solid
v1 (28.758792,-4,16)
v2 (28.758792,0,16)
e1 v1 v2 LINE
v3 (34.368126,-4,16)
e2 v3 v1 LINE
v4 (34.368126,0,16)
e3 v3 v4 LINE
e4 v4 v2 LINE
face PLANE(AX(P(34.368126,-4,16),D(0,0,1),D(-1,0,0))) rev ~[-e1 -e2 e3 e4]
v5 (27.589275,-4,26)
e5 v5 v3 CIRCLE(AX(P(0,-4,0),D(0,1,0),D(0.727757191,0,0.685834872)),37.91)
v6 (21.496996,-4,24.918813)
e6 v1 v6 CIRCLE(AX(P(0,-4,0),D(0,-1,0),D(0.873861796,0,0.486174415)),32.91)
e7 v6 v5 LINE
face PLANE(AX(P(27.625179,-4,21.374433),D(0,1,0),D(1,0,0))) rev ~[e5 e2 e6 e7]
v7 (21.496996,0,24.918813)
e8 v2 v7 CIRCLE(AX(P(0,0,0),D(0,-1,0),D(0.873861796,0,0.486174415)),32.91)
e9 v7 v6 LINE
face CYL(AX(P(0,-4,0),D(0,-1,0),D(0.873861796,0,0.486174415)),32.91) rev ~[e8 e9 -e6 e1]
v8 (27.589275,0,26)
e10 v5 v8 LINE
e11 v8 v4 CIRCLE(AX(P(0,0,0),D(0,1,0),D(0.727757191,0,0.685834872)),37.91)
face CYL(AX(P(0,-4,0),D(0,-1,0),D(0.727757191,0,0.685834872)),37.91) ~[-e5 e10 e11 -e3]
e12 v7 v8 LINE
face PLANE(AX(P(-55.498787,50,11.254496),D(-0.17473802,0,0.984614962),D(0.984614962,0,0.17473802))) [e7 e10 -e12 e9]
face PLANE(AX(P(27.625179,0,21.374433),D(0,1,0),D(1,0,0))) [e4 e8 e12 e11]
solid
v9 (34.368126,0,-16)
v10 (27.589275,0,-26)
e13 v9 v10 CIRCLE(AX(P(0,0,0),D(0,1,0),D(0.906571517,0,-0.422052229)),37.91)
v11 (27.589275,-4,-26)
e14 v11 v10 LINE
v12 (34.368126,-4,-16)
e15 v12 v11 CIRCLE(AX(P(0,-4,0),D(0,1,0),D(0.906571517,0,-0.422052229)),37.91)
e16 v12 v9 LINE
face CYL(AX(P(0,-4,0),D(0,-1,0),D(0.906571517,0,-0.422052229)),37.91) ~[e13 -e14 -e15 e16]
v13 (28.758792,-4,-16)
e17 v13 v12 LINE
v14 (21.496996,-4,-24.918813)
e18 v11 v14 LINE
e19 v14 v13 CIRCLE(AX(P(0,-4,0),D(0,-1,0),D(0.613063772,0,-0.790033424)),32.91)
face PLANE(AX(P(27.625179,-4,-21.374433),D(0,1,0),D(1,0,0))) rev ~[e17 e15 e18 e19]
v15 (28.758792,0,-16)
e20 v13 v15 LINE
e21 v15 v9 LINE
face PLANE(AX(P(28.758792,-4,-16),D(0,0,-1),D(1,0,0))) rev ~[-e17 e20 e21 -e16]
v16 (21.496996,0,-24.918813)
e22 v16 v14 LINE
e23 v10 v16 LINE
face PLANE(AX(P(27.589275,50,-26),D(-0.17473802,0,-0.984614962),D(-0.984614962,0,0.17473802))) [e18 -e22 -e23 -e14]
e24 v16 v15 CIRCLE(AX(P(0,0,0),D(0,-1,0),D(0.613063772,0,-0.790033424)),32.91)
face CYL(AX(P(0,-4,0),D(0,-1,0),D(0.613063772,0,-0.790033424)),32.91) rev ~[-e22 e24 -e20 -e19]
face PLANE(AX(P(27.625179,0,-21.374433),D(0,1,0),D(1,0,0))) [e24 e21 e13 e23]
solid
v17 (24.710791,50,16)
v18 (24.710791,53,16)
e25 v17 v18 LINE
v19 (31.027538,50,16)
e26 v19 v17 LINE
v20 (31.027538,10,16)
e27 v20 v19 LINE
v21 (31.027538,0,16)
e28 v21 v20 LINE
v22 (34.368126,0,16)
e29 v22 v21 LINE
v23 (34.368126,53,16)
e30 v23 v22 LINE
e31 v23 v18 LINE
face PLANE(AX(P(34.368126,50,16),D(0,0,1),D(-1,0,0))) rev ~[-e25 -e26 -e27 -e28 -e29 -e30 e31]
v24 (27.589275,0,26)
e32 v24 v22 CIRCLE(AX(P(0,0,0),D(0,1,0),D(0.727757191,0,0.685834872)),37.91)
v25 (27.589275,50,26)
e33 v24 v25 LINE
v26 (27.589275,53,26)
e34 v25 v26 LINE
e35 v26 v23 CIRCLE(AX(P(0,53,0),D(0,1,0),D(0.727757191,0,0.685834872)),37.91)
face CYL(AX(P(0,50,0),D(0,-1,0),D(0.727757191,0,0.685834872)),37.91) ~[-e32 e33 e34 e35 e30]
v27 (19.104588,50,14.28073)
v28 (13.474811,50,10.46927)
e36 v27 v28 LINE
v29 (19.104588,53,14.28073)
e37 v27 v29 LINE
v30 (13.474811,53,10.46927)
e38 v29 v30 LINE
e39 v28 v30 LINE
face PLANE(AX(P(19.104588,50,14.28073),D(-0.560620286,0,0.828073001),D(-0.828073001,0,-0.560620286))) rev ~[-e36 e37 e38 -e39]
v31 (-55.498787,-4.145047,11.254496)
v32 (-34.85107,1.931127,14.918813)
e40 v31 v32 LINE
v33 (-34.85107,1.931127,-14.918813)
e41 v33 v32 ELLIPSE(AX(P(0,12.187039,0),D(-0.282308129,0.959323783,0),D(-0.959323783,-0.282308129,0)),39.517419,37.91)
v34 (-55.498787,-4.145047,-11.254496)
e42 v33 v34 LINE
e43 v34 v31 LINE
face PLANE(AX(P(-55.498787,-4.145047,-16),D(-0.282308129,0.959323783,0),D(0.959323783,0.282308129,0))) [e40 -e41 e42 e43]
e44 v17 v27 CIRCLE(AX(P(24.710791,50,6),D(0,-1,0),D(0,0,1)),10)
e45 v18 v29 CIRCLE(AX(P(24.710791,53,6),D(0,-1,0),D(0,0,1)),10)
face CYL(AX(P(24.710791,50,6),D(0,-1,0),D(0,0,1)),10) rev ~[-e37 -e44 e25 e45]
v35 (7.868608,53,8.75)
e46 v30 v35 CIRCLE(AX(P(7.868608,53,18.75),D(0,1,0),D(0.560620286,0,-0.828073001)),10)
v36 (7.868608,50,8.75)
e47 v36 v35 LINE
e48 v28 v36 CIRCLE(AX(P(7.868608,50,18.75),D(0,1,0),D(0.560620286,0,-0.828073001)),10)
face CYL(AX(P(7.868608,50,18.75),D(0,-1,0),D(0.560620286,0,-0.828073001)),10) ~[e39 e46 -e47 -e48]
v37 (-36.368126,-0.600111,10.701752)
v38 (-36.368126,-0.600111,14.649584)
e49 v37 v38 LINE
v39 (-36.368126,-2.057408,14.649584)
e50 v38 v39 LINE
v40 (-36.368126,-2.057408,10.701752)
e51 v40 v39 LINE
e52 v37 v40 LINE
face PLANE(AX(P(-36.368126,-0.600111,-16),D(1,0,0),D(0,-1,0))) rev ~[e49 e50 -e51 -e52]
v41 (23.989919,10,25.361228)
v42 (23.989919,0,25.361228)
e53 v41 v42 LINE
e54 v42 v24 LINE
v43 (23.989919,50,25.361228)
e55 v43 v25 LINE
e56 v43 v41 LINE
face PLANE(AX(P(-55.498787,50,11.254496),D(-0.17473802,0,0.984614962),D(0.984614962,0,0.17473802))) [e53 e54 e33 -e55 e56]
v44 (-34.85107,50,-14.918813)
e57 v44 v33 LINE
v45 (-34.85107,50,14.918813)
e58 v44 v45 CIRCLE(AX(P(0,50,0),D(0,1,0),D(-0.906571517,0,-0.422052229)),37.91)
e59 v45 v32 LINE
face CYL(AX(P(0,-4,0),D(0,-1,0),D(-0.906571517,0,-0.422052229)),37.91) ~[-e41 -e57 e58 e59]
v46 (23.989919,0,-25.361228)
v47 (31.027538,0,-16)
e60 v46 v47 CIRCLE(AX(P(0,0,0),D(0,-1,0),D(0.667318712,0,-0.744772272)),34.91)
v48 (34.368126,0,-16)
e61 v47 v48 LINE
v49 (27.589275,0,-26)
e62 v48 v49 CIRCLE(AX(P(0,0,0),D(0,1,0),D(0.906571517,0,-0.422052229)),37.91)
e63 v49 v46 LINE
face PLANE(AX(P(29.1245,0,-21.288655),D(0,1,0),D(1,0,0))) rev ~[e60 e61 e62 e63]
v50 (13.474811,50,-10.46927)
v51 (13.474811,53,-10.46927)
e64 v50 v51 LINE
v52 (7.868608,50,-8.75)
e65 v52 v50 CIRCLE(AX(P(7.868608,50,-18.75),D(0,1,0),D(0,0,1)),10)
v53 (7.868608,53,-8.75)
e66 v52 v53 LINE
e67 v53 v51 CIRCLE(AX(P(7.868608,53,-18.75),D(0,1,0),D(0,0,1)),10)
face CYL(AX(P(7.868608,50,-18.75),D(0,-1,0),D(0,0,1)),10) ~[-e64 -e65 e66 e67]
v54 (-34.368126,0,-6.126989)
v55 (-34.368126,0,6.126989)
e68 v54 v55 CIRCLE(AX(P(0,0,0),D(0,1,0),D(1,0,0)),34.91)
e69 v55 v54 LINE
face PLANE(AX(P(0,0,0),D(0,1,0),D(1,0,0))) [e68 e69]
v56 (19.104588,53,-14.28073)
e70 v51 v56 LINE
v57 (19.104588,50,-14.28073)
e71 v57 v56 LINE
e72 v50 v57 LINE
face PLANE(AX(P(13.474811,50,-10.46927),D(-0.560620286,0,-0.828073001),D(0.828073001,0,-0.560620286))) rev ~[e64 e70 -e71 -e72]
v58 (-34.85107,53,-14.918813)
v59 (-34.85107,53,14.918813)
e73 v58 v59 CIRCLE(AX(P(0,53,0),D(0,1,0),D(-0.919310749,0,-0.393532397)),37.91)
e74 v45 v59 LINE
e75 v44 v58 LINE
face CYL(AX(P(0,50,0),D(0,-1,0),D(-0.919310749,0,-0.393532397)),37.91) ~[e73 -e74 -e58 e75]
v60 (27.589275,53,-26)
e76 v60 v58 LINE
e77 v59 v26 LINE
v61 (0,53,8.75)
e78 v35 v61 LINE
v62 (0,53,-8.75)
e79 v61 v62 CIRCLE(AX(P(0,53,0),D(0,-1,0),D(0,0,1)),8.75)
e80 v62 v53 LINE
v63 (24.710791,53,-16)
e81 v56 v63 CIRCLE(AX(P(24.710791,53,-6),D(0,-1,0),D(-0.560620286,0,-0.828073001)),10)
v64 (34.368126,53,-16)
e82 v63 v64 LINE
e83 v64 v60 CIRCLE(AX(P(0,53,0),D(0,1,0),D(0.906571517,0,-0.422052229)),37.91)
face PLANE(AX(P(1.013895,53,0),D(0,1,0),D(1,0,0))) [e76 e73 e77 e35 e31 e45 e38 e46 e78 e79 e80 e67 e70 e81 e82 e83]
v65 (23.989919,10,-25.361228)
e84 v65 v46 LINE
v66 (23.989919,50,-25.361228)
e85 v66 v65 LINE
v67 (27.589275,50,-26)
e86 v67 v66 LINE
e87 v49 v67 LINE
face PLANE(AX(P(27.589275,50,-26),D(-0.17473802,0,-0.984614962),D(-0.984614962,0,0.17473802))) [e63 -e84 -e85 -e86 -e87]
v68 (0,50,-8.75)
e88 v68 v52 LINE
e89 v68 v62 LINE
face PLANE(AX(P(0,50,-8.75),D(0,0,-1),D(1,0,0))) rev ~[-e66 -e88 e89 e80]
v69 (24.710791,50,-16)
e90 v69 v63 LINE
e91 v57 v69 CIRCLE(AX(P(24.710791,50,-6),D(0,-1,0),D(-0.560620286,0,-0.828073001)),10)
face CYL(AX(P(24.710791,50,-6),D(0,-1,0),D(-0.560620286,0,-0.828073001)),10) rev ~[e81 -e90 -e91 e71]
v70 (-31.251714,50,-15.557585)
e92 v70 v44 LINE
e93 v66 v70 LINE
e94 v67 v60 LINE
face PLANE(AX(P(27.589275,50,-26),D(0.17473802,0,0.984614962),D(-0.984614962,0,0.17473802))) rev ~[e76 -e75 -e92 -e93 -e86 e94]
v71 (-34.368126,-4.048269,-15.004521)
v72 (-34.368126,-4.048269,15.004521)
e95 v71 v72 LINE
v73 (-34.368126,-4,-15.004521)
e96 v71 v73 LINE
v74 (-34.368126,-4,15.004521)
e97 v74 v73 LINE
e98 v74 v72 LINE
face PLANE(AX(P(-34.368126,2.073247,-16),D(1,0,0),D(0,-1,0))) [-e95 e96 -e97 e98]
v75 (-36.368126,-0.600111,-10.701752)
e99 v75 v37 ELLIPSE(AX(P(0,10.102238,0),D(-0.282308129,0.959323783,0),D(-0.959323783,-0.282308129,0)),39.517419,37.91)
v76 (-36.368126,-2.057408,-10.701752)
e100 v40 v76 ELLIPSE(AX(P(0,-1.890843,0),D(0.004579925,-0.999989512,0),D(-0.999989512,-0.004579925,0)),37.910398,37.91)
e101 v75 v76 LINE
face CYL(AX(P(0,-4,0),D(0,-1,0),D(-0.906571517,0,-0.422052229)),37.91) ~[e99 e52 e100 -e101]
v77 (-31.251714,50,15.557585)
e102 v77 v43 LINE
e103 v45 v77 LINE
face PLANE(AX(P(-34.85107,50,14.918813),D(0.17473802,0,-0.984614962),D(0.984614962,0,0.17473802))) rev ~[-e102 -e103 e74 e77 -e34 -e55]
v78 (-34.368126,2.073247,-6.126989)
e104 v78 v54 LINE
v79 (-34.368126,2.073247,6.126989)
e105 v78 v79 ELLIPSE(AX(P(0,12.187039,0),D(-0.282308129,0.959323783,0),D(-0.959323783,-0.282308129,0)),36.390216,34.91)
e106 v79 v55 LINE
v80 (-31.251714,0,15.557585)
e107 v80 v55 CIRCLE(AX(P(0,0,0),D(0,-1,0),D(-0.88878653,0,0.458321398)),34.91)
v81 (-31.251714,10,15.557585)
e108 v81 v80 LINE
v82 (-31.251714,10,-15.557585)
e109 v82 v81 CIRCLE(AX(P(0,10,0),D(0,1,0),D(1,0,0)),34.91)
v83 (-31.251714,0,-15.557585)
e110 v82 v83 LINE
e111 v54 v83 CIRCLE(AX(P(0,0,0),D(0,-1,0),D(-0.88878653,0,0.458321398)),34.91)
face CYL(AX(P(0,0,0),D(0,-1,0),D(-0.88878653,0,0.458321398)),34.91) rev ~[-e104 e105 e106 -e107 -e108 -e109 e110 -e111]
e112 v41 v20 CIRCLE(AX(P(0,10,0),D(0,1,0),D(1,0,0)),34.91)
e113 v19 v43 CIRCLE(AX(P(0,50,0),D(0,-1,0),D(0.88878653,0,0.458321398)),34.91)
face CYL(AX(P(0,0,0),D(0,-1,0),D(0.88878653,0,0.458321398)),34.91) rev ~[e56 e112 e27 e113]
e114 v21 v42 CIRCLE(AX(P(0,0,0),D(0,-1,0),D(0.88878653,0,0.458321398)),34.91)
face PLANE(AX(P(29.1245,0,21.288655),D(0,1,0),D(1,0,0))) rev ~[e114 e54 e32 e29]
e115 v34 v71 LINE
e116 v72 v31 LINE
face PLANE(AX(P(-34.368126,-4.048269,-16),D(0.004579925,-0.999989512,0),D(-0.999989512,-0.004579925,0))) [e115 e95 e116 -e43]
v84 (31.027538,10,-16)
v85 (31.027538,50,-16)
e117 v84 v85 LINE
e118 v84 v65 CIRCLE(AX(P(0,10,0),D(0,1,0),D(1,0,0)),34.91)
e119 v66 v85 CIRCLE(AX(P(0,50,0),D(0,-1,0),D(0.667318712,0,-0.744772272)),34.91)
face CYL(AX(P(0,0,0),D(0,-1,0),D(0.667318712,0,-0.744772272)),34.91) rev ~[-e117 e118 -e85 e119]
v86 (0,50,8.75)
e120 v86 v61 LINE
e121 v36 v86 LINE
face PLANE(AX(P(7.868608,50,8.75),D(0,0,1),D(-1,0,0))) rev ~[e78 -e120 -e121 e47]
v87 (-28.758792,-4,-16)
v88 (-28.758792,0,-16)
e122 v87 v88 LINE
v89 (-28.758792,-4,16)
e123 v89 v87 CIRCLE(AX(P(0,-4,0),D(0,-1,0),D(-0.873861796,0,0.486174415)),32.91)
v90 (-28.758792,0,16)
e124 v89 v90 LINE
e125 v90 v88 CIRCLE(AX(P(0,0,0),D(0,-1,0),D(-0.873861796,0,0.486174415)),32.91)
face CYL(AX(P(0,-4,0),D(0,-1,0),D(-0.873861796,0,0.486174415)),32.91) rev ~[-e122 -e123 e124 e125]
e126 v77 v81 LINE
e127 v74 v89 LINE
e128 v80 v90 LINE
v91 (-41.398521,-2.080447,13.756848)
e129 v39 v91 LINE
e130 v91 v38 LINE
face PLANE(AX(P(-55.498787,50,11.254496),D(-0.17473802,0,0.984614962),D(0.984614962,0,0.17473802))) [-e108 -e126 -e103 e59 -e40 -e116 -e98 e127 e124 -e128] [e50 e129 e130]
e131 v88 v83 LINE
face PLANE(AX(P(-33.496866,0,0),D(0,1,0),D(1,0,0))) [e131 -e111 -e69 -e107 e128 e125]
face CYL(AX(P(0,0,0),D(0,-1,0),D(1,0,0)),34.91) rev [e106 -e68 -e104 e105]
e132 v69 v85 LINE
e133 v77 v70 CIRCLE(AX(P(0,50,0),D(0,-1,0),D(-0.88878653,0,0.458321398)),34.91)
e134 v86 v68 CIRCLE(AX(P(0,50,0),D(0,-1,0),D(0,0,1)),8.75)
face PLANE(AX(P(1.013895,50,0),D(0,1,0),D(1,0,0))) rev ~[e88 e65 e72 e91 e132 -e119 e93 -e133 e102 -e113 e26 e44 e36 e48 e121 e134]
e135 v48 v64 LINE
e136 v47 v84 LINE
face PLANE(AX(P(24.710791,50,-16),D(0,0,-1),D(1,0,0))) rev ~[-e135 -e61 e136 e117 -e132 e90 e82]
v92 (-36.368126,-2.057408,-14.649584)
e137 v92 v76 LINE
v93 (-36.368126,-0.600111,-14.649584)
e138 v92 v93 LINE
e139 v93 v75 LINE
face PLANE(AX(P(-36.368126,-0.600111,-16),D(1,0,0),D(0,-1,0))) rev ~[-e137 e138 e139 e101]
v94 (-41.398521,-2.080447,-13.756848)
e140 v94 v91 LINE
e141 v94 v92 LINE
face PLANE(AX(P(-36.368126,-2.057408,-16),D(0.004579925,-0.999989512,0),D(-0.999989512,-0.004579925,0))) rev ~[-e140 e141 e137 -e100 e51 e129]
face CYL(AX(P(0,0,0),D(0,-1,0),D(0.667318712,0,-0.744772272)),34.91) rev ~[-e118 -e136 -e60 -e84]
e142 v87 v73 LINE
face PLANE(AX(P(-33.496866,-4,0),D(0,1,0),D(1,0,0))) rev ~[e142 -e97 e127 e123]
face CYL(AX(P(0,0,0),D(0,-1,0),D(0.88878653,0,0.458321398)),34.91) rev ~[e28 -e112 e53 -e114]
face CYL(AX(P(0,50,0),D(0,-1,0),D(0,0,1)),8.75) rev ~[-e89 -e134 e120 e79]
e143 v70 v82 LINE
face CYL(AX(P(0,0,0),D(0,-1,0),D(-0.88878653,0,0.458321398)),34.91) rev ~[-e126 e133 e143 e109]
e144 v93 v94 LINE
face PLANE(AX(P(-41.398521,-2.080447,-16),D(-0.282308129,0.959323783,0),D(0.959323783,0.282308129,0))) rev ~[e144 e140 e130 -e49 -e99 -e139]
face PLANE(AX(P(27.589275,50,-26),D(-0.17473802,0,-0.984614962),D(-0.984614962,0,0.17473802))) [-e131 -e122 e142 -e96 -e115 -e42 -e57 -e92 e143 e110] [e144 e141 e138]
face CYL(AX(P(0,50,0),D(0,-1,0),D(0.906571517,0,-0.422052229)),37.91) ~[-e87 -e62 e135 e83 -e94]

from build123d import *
from build123d.topology import SkipClean

# Parameters (mm, degrees)
BOSS_EXTRUDE1_DEPTH   = 50
BOSS_EXTRUDE1_2_DEPTH = 50
BOSS_EXTRUDE1_3_DEPTH = 50
BOSS_EXTRUDE2_START   = -4
BOSS_EXTRUDE2_DEPTH   = 4
BOSS_EXTRUDE3_START   = -32
BOSS_EXTRUDE3_DEPTH   = 32
CUT_EXTRUDE1_DEPTH    = 58
BOSS_EXTRUDE4_DEPTH   = 3
SKETCH6_R             = 34.91
CUT_EXTRUDE2_DEPTH    = 10


with BuildPart() as part:
    # Sketch1 → Boss-Extrude1 (new body)
    with BuildSketch(Plane(origin=(0, 0, 0), x_dir=(1, 0, 0), z_dir=(0, 1, 0))):
        with BuildLine():
            Line((-31.027537769, 16), (-34.368126222, 16))
            ThreePointArc((-34.368126222, 16), (-37.91, 0), (-34.368126222, -16))
            Line((-34.368126222, -16), (-31.027537769, -16))
            ThreePointArc((-31.027537769, -16), (-34.91, 0), (-31.027537769, 16))
        make_face()
    extrude(amount=BOSS_EXTRUDE1_DEPTH)

    # Sketch2 → Boss-Extrude2 (add)
    with BuildSketch(Plane(origin=(0, 0, 0), x_dir=(1, 0, 0), z_dir=(0, 1, 0)).offset(BOSS_EXTRUDE2_START)):
        with BuildLine():
            Line((28.758791699, 16), (34.368126222, 16))
            ThreePointArc((34.368126222, 16), (31.379609531, 21.271770158), (27.58927509, 26))
            Line((27.58927509, 26), (20.175928727, 26))
            ThreePointArc((20.175928727, 26), (24.973019757, 21.434000658), (28.758791699, 16))
        make_face()
        with BuildLine():
            ThreePointArc((-28.758791699, -16), (-32.91, 0), (-28.758791699, 16))
            Line((-28.758791699, 16), (-34.368126222, 16))
            ThreePointArc((-34.368126222, 16), (-37.91, 0), (-34.368126222, -16))
            Line((-34.368126222, -16), (-28.758791699, -16))
        make_face()
        with BuildLine():
            ThreePointArc((27.58927509, -26), (31.379609531, -21.271770158), (34.368126222, -16))
            Line((34.368126222, -16), (28.758791699, -16))
            ThreePointArc((28.758791699, -16), (24.973019757, -21.434000658), (20.175928727, -26))
            Line((20.175928727, -26), (27.58927509, -26))
        make_face()
    extrude(amount=BOSS_EXTRUDE2_DEPTH)


with BuildPart() as body_2:
    # Sketch1 → Boss-Extrude1 2 (new body)
    with BuildSketch(Plane(origin=(0, 0, 0), x_dir=(1, 0, 0), z_dir=(0, 1, 0))):
        with BuildLine():
            ThreePointArc((34.368126222, 16), (31.379609531, 21.271770158), (27.58927509, 26))
            Line((27.58927509, 26), (23.296096239, 26))
            ThreePointArc((23.296096239, 26), (27.618187902, 21.352840491), (31.027537769, 16))
            Line((31.027537769, 16), (34.368126222, 16))
        make_face()
    extrude(amount=BOSS_EXTRUDE1_2_DEPTH)


with BuildPart() as body_3:
    # Sketch1 → Boss-Extrude1 3 (new body)
    with BuildSketch(Plane(origin=(0, 0, 0), x_dir=(1, 0, 0), z_dir=(0, 1, 0))):
        with BuildLine():
            Line((23.296096239, -26), (27.58927509, -26))
            ThreePointArc((27.58927509, -26), (31.379609531, -21.271770158), (34.368126222, -16))
            Line((34.368126222, -16), (31.027537769, -16))
            ThreePointArc((31.027537769, -16), (27.618187902, -21.352840491), (23.296096239, -26))
        make_face()
    extrude(amount=BOSS_EXTRUDE1_3_DEPTH)


with BuildPart() as boss_extrude2_piece_1:
    # of the separate pieces the step leaves, piece 1, a body of its own (boss_extrude2_pieces)
    add(part.part.solids().sort_by_distance((-31.027537769, 0, 16))[0])

    # Sketch3 → Boss-Extrude3 (add)
    with BuildSketch(Plane.XY.offset(16).offset(BOSS_EXTRUDE3_START)):
        Polygon((-34.368126222, -4.048268878), (-55.498786824, -4.145046738), (-34.368126222, 2.073247191), align=None)
        Polygon((-36.368126222, -2.057407848), (-41.398520838, -2.080446921), (-36.368126222, -0.600111172), align=None, mode=Mode.SUBTRACT)
    extrude(amount=BOSS_EXTRUDE3_DEPTH)


with BuildPart() as boss_extrude2_piece_2:
    # of the separate pieces the step leaves, piece 2, a body of its own (boss_extrude2_pieces)
    add(part.part.solids().sort_by_distance((28.758791699, -4, -16))[0])


with BuildPart() as boss_extrude2_piece_3:
    # of the separate pieces the step leaves, piece 3, a body of its own (boss_extrude2_pieces)
    add(part.part.solids().sort_by_distance((28.758791699, -4, 16))[0])


with BuildPart() as cut_extrude1_tool:
    # Sketch4 → Cut-Extrude1 (new body)
    with BuildSketch(Plane(origin=(0, 50, 0), x_dir=(1, 0, 0), z_dir=(0, 1, 0))):
        Polygon((27.58927509, 26), (-55.498786824, 11.254496445), (-55.498786824, -11.254496445), (27.58927509, -26), (27.58927509, -30.815514941), (-65.642011764, -30.815514941), (-65.073155403, 32.733867097), (27.58927509, 31.904408001), align=None)
    extrude(amount=-CUT_EXTRUDE1_DEPTH)


with BuildPart() as body_2_1:
    add(body_2.part)

    # Cut-Extrude1: cut by cut_extrude1_tool
    add(cut_extrude1_tool.part, mode=Mode.SUBTRACT)



with BuildPart() as body_3_1:
    add(body_3.part)

    # Cut-Extrude1: cut by cut_extrude1_tool
    add(cut_extrude1_tool.part, mode=Mode.SUBTRACT)


with BuildPart() as boss_extrude2_piece_1_1:
    add(boss_extrude2_piece_1.part)

    # Cut-Extrude1: cut by cut_extrude1_tool
    add(cut_extrude1_tool.part, mode=Mode.SUBTRACT)


with BuildPart() as boss_extrude2_piece_2_1:
    add(boss_extrude2_piece_2.part)

    # Cut-Extrude1: cut by cut_extrude1_tool
    add(cut_extrude1_tool.part, mode=Mode.SUBTRACT)


with BuildPart() as boss_extrude2_piece_3_1:
    add(boss_extrude2_piece_3.part)

    # Cut-Extrude1: cut by cut_extrude1_tool
    add(cut_extrude1_tool.part, mode=Mode.SUBTRACT)


with BuildPart() as body_2_2:
    add(body_2_1.part)

    add(body_3_1.part)  # Boss-Extrude4 merges body 3

    add(boss_extrude2_piece_1_1.part)  # Boss-Extrude4 merges Boss-Extrude2 piece 1
    # Sketch5 → Boss-Extrude4 (add)
    with BuildSketch(Plane(origin=(0, 50, 0), x_dir=(1, 0, 0), z_dir=(0, 1, 0))):
        with BuildLine():
            Line((0, 8.75), (7.868608219, 8.75))
            ThreePointArc((7.868608219, 8.75), (10.800561485, 9.189474384), (13.474811079, 10.46926999))
            Line((13.474811079, 10.46926999), (19.104587981, 14.28073001))
            ThreePointArc((19.104587981, 14.28073001), (21.778837575, 15.560525616), (24.710790841, 16))
            Line((24.710790841, 16), (34.368126222, 16))
            ThreePointArc((34.368126222, 16), (31.379609531, 21.271770158), (27.58927509, 26))
            Line((27.58927509, 26), (-34.851070481, 14.918813168))
            ThreePointArc((-34.851070481, 14.918813168), (-37.91, 0), (-34.851070481, -14.918813168))
            Line((-34.851070481, -14.918813168), (27.58927509, -26))
            ThreePointArc((27.58927509, -26), (31.379609531, -21.271770158), (34.368126222, -16))
            Line((34.368126222, -16), (24.710790841, -16))
            ThreePointArc((24.710790841, -16), (21.778837575, -15.560525616), (19.104587981, -14.28073001))
            Line((19.104587981, -14.28073001), (13.474811079, -10.46926999))
            ThreePointArc((13.474811079, -10.46926999), (10.800561485, -9.189474384), (7.868608219, -8.75))
            Line((7.868608219, -8.75), (0, -8.75))
            ThreePointArc((0, -8.75), (-8.75, 0), (0, 8.75))
        make_face()
    extrude(amount=BOSS_EXTRUDE4_DEPTH)

    # Sketch6 → Cut-Extrude2 (cut)
    with SkipClean():  # the faces are left unmerged after this step: merging them gives an invalid solid
        with BuildSketch(Plane(origin=(0, 0, 0), x_dir=(1, 0, 0), z_dir=(0, 1, 0))):
            Circle(SKETCH6_R)
        extrude(amount=CUT_EXTRUDE2_DEPTH, mode=Mode.SUBTRACT)


solid = Compound([boss_extrude2_piece_2_1.part, boss_extrude2_piece_3_1.part, body_2_2.part])
